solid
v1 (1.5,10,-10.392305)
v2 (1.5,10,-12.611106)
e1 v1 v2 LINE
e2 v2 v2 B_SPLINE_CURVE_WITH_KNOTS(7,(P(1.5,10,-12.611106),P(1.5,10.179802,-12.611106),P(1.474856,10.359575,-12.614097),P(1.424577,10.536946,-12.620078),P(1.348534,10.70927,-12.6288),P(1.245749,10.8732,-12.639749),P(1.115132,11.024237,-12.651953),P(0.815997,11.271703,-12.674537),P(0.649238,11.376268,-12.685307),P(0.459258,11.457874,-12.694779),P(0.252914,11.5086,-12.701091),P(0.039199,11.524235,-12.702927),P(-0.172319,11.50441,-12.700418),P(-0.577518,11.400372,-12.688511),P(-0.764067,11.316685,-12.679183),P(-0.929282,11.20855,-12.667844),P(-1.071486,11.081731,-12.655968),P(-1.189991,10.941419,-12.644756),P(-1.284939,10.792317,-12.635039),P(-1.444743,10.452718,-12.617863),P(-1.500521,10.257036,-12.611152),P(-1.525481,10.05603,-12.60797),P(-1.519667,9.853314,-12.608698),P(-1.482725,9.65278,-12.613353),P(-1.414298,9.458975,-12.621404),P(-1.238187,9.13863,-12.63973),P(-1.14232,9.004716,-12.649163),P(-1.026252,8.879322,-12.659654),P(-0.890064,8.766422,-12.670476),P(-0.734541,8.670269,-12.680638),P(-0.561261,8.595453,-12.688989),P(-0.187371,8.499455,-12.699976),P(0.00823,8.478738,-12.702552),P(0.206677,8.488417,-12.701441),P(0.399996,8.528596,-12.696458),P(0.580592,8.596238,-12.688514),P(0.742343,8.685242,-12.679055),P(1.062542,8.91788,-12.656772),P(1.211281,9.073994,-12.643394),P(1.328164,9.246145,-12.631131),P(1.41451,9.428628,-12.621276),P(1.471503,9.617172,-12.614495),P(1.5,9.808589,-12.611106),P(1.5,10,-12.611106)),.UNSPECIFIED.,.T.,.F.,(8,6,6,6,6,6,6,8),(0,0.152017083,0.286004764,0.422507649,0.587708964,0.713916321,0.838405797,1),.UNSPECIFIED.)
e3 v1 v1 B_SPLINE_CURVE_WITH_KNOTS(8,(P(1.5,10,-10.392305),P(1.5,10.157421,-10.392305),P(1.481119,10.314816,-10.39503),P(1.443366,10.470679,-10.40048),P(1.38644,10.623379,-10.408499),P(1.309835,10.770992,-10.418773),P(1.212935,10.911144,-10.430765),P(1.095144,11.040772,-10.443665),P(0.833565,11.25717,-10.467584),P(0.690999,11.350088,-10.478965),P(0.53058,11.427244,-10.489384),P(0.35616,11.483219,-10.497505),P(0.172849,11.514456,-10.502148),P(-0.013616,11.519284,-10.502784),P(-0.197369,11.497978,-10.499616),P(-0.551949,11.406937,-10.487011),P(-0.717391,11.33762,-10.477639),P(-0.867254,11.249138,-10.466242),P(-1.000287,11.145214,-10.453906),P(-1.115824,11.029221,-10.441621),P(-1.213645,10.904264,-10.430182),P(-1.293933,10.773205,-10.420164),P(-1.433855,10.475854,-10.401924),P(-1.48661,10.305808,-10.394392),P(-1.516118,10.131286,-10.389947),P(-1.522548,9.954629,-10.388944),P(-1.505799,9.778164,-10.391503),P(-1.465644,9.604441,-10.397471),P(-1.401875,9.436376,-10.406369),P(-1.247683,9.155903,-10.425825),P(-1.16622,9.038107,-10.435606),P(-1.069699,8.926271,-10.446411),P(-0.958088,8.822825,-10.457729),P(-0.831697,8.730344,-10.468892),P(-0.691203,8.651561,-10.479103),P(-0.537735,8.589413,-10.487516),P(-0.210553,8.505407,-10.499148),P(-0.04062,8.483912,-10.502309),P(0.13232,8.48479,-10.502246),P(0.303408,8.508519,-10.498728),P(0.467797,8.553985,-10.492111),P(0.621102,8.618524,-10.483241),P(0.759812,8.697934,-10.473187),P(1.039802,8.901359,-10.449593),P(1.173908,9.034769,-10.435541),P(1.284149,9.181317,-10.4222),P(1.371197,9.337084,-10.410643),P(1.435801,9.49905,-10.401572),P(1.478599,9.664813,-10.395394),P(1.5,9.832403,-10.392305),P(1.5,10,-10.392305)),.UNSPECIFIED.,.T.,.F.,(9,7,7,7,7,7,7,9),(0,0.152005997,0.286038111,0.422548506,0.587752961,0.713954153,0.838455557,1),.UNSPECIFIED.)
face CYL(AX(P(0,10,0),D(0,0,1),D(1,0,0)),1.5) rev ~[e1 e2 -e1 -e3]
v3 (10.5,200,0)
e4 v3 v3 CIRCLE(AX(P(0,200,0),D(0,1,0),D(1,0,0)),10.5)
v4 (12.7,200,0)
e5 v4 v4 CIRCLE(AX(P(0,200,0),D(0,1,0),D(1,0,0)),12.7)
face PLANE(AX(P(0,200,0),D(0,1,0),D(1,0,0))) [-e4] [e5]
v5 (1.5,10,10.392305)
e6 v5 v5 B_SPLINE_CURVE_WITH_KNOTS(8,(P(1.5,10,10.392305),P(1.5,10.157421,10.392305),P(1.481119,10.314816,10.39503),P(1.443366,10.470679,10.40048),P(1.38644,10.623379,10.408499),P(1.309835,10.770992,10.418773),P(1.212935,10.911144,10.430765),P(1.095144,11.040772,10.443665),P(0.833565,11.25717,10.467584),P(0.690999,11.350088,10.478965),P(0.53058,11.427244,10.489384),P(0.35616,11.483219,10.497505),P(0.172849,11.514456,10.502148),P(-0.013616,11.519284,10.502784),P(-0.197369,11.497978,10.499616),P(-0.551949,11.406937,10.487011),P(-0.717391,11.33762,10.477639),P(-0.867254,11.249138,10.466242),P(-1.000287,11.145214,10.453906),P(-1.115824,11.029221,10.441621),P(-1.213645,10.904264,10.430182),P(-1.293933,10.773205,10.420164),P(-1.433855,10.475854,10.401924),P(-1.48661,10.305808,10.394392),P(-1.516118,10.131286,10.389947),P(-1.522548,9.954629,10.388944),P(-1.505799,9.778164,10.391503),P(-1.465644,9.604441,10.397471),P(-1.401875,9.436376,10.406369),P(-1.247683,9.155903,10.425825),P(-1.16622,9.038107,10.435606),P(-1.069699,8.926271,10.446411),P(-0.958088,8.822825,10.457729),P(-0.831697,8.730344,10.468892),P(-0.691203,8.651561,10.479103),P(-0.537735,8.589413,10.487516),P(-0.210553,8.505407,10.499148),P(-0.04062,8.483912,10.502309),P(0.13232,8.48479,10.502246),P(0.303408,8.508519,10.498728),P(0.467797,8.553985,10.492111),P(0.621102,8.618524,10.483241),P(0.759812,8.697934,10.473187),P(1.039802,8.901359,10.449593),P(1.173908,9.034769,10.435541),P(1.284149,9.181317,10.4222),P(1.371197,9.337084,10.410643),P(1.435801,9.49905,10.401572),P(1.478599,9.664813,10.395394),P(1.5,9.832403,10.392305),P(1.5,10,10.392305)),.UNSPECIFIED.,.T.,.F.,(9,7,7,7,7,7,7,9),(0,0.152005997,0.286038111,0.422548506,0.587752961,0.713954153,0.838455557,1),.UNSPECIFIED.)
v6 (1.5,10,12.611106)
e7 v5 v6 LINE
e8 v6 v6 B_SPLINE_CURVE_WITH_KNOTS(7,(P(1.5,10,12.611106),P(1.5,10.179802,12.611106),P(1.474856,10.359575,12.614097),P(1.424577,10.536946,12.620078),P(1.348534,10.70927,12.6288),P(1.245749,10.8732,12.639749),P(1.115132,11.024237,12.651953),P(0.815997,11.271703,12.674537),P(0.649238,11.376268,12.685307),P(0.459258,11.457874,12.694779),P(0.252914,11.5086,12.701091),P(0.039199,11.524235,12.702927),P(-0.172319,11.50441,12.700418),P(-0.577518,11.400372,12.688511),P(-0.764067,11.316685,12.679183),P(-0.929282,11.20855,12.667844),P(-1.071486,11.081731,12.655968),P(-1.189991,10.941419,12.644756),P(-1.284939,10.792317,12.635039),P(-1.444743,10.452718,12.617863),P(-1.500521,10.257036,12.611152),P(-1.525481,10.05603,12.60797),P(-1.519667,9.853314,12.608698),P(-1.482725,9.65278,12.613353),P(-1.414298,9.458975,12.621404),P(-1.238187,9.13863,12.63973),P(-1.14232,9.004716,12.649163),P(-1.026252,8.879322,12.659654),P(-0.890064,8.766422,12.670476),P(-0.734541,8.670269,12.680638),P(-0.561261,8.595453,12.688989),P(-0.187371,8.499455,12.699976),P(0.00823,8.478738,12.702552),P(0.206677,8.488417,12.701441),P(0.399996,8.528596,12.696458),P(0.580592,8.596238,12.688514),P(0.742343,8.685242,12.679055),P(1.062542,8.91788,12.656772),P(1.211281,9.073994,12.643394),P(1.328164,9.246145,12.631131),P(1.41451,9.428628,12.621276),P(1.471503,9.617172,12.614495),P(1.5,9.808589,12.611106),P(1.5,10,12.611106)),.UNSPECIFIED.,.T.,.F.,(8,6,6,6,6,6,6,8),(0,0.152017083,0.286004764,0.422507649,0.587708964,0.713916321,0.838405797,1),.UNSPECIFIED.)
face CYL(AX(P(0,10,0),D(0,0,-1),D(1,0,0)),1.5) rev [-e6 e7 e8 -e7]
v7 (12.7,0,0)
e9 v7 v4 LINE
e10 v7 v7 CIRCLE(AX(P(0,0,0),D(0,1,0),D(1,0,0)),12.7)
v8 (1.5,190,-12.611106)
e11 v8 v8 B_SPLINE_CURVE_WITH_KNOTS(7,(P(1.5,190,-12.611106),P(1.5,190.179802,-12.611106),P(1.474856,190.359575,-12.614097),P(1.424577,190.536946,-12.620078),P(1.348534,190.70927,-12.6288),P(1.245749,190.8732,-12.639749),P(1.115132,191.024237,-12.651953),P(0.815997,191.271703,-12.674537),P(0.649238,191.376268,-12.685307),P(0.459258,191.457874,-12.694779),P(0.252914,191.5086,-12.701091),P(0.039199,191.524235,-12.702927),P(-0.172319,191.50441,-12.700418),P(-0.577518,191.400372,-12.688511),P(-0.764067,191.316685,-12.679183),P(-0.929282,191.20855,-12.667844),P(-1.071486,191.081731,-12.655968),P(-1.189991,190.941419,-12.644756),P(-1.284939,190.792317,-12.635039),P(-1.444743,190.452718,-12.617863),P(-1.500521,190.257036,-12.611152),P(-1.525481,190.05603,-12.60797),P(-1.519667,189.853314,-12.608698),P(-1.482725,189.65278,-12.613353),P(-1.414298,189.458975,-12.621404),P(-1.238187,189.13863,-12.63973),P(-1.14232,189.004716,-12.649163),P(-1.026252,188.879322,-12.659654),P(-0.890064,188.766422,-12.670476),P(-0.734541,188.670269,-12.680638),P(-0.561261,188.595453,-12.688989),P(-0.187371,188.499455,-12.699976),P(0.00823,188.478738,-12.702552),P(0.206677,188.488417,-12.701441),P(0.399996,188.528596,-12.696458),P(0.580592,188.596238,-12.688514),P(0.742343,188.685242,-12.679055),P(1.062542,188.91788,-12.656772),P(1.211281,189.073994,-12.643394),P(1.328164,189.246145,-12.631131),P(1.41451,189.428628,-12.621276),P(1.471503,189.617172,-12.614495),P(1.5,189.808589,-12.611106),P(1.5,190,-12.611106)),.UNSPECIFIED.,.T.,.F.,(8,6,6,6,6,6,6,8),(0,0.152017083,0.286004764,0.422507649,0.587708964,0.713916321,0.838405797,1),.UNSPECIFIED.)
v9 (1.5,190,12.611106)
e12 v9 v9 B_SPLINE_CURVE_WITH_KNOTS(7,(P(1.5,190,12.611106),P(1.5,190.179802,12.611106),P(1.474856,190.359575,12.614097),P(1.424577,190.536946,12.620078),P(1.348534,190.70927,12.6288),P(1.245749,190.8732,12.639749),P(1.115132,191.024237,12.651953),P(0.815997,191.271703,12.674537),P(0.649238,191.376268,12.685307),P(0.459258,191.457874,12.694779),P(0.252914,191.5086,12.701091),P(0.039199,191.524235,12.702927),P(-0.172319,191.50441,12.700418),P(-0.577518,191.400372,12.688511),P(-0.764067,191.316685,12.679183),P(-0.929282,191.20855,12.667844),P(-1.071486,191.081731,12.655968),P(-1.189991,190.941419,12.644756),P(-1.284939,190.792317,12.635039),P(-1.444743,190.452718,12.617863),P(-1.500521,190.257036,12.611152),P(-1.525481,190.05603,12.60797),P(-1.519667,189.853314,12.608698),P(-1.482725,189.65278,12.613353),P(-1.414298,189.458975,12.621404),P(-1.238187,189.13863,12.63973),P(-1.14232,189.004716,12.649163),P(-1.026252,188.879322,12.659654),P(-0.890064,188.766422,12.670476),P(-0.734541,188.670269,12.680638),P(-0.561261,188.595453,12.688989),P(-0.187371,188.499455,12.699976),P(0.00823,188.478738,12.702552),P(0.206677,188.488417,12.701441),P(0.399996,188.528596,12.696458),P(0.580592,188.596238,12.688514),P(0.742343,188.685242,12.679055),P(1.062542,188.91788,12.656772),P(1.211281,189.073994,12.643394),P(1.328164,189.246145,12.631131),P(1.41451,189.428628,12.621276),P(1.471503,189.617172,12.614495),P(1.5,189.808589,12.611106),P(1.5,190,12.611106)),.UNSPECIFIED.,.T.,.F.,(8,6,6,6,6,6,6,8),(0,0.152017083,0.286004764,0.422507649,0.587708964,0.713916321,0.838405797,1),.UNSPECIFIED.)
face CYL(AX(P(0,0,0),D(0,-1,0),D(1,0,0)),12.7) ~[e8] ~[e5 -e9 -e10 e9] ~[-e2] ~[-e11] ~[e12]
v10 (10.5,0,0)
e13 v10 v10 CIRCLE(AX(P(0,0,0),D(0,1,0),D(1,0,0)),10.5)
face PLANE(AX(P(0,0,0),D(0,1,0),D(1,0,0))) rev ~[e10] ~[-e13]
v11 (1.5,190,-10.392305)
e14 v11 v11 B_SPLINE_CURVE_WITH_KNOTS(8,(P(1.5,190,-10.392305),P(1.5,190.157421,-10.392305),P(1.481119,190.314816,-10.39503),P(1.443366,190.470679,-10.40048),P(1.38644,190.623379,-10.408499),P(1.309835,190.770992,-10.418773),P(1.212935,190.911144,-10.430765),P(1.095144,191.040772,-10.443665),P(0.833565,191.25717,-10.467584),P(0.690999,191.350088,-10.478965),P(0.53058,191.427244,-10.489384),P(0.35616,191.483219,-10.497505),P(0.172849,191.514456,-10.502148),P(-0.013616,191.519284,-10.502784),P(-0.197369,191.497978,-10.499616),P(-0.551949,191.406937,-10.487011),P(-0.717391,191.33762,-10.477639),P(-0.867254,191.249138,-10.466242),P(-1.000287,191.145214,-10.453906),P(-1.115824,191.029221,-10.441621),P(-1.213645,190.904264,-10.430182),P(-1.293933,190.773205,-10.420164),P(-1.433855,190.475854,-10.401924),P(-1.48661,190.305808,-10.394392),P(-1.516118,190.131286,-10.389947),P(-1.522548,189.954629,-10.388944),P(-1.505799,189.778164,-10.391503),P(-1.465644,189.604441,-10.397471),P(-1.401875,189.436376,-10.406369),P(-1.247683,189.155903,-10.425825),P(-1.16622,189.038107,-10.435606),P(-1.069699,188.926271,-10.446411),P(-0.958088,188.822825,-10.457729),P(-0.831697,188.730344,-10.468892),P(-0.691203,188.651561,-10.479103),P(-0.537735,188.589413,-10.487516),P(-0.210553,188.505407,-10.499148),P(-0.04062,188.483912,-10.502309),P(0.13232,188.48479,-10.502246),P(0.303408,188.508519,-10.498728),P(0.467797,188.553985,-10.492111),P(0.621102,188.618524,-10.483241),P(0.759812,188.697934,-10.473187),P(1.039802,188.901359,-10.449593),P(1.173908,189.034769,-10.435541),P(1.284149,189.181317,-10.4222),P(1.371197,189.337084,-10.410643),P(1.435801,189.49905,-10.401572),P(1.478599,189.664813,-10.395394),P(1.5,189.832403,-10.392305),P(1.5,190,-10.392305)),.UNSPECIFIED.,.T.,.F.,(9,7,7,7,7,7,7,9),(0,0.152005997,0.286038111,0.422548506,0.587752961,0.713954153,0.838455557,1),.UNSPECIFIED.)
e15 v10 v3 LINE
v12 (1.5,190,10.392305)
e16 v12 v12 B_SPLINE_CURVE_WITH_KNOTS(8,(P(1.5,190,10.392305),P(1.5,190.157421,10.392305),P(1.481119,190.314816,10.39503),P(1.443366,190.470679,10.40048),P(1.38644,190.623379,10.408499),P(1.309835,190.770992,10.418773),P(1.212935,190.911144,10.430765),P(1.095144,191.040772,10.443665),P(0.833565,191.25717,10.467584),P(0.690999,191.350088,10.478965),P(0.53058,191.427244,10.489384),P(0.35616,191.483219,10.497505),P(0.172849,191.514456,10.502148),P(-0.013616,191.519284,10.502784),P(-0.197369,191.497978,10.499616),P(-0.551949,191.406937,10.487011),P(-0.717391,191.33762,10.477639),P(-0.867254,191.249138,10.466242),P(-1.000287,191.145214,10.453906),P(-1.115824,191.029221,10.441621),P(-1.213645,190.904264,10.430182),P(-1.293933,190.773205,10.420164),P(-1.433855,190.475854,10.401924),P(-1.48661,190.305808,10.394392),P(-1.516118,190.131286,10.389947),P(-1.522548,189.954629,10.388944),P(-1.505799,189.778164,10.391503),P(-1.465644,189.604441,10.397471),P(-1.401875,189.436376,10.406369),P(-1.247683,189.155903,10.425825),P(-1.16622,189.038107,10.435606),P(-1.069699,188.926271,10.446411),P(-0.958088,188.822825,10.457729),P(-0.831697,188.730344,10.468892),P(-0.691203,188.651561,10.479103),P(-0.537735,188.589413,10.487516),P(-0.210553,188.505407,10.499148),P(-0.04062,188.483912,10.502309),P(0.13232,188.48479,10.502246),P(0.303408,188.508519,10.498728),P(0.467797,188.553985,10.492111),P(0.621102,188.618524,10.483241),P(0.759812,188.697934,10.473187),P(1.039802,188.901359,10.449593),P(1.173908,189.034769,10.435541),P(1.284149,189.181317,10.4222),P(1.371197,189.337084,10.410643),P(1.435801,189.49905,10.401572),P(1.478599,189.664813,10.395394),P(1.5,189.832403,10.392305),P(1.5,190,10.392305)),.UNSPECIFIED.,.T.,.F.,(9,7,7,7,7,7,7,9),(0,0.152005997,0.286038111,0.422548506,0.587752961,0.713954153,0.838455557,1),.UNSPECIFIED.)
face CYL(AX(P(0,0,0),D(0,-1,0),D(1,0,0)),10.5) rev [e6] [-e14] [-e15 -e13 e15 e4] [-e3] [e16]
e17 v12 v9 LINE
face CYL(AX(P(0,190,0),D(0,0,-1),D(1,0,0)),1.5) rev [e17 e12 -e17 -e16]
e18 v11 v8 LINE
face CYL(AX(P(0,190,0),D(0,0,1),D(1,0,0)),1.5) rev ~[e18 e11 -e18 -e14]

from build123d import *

# Parameters (mm, degrees)
CROQUIS1_R                 = 12.7
CROQUIS1_R_2               = 10.5
SALIENTE_EXTRUIR1_DEPTH    = 200
CROQUIS2_R                 = 1.5
CORTAR_EXTRUIR1_DEPTH      = 13.7
CORTAR_EXTRUIR1_DEPTH_BACK = 13.7


with BuildPart() as part:
    # Croquis1 → Saliente-Extruir1 (new body)
    with BuildSketch(Plane(origin=(0, 0, 0), x_dir=(1, 0, 0), z_dir=(0, 1, 0))):
        Circle(CROQUIS1_R)
        Circle(CROQUIS1_R_2, mode=Mode.SUBTRACT)
    extrude(amount=SALIENTE_EXTRUIR1_DEPTH)

    # Croquis2 → Cortar-Extruir1 (cut, two sides)
    with BuildSketch(Plane.XY) as cortar_extruir1_sk:
        with Locations((0, 190)):
            Circle(CROQUIS2_R)
        with Locations((0, 10)):
            Circle(CROQUIS2_R)
    extrude(amount=CORTAR_EXTRUIR1_DEPTH, mode=Mode.SUBTRACT)
    extrude(cortar_extruir1_sk.sketch, amount=-CORTAR_EXTRUIR1_DEPTH_BACK, mode=Mode.SUBTRACT)


solid = part.part
